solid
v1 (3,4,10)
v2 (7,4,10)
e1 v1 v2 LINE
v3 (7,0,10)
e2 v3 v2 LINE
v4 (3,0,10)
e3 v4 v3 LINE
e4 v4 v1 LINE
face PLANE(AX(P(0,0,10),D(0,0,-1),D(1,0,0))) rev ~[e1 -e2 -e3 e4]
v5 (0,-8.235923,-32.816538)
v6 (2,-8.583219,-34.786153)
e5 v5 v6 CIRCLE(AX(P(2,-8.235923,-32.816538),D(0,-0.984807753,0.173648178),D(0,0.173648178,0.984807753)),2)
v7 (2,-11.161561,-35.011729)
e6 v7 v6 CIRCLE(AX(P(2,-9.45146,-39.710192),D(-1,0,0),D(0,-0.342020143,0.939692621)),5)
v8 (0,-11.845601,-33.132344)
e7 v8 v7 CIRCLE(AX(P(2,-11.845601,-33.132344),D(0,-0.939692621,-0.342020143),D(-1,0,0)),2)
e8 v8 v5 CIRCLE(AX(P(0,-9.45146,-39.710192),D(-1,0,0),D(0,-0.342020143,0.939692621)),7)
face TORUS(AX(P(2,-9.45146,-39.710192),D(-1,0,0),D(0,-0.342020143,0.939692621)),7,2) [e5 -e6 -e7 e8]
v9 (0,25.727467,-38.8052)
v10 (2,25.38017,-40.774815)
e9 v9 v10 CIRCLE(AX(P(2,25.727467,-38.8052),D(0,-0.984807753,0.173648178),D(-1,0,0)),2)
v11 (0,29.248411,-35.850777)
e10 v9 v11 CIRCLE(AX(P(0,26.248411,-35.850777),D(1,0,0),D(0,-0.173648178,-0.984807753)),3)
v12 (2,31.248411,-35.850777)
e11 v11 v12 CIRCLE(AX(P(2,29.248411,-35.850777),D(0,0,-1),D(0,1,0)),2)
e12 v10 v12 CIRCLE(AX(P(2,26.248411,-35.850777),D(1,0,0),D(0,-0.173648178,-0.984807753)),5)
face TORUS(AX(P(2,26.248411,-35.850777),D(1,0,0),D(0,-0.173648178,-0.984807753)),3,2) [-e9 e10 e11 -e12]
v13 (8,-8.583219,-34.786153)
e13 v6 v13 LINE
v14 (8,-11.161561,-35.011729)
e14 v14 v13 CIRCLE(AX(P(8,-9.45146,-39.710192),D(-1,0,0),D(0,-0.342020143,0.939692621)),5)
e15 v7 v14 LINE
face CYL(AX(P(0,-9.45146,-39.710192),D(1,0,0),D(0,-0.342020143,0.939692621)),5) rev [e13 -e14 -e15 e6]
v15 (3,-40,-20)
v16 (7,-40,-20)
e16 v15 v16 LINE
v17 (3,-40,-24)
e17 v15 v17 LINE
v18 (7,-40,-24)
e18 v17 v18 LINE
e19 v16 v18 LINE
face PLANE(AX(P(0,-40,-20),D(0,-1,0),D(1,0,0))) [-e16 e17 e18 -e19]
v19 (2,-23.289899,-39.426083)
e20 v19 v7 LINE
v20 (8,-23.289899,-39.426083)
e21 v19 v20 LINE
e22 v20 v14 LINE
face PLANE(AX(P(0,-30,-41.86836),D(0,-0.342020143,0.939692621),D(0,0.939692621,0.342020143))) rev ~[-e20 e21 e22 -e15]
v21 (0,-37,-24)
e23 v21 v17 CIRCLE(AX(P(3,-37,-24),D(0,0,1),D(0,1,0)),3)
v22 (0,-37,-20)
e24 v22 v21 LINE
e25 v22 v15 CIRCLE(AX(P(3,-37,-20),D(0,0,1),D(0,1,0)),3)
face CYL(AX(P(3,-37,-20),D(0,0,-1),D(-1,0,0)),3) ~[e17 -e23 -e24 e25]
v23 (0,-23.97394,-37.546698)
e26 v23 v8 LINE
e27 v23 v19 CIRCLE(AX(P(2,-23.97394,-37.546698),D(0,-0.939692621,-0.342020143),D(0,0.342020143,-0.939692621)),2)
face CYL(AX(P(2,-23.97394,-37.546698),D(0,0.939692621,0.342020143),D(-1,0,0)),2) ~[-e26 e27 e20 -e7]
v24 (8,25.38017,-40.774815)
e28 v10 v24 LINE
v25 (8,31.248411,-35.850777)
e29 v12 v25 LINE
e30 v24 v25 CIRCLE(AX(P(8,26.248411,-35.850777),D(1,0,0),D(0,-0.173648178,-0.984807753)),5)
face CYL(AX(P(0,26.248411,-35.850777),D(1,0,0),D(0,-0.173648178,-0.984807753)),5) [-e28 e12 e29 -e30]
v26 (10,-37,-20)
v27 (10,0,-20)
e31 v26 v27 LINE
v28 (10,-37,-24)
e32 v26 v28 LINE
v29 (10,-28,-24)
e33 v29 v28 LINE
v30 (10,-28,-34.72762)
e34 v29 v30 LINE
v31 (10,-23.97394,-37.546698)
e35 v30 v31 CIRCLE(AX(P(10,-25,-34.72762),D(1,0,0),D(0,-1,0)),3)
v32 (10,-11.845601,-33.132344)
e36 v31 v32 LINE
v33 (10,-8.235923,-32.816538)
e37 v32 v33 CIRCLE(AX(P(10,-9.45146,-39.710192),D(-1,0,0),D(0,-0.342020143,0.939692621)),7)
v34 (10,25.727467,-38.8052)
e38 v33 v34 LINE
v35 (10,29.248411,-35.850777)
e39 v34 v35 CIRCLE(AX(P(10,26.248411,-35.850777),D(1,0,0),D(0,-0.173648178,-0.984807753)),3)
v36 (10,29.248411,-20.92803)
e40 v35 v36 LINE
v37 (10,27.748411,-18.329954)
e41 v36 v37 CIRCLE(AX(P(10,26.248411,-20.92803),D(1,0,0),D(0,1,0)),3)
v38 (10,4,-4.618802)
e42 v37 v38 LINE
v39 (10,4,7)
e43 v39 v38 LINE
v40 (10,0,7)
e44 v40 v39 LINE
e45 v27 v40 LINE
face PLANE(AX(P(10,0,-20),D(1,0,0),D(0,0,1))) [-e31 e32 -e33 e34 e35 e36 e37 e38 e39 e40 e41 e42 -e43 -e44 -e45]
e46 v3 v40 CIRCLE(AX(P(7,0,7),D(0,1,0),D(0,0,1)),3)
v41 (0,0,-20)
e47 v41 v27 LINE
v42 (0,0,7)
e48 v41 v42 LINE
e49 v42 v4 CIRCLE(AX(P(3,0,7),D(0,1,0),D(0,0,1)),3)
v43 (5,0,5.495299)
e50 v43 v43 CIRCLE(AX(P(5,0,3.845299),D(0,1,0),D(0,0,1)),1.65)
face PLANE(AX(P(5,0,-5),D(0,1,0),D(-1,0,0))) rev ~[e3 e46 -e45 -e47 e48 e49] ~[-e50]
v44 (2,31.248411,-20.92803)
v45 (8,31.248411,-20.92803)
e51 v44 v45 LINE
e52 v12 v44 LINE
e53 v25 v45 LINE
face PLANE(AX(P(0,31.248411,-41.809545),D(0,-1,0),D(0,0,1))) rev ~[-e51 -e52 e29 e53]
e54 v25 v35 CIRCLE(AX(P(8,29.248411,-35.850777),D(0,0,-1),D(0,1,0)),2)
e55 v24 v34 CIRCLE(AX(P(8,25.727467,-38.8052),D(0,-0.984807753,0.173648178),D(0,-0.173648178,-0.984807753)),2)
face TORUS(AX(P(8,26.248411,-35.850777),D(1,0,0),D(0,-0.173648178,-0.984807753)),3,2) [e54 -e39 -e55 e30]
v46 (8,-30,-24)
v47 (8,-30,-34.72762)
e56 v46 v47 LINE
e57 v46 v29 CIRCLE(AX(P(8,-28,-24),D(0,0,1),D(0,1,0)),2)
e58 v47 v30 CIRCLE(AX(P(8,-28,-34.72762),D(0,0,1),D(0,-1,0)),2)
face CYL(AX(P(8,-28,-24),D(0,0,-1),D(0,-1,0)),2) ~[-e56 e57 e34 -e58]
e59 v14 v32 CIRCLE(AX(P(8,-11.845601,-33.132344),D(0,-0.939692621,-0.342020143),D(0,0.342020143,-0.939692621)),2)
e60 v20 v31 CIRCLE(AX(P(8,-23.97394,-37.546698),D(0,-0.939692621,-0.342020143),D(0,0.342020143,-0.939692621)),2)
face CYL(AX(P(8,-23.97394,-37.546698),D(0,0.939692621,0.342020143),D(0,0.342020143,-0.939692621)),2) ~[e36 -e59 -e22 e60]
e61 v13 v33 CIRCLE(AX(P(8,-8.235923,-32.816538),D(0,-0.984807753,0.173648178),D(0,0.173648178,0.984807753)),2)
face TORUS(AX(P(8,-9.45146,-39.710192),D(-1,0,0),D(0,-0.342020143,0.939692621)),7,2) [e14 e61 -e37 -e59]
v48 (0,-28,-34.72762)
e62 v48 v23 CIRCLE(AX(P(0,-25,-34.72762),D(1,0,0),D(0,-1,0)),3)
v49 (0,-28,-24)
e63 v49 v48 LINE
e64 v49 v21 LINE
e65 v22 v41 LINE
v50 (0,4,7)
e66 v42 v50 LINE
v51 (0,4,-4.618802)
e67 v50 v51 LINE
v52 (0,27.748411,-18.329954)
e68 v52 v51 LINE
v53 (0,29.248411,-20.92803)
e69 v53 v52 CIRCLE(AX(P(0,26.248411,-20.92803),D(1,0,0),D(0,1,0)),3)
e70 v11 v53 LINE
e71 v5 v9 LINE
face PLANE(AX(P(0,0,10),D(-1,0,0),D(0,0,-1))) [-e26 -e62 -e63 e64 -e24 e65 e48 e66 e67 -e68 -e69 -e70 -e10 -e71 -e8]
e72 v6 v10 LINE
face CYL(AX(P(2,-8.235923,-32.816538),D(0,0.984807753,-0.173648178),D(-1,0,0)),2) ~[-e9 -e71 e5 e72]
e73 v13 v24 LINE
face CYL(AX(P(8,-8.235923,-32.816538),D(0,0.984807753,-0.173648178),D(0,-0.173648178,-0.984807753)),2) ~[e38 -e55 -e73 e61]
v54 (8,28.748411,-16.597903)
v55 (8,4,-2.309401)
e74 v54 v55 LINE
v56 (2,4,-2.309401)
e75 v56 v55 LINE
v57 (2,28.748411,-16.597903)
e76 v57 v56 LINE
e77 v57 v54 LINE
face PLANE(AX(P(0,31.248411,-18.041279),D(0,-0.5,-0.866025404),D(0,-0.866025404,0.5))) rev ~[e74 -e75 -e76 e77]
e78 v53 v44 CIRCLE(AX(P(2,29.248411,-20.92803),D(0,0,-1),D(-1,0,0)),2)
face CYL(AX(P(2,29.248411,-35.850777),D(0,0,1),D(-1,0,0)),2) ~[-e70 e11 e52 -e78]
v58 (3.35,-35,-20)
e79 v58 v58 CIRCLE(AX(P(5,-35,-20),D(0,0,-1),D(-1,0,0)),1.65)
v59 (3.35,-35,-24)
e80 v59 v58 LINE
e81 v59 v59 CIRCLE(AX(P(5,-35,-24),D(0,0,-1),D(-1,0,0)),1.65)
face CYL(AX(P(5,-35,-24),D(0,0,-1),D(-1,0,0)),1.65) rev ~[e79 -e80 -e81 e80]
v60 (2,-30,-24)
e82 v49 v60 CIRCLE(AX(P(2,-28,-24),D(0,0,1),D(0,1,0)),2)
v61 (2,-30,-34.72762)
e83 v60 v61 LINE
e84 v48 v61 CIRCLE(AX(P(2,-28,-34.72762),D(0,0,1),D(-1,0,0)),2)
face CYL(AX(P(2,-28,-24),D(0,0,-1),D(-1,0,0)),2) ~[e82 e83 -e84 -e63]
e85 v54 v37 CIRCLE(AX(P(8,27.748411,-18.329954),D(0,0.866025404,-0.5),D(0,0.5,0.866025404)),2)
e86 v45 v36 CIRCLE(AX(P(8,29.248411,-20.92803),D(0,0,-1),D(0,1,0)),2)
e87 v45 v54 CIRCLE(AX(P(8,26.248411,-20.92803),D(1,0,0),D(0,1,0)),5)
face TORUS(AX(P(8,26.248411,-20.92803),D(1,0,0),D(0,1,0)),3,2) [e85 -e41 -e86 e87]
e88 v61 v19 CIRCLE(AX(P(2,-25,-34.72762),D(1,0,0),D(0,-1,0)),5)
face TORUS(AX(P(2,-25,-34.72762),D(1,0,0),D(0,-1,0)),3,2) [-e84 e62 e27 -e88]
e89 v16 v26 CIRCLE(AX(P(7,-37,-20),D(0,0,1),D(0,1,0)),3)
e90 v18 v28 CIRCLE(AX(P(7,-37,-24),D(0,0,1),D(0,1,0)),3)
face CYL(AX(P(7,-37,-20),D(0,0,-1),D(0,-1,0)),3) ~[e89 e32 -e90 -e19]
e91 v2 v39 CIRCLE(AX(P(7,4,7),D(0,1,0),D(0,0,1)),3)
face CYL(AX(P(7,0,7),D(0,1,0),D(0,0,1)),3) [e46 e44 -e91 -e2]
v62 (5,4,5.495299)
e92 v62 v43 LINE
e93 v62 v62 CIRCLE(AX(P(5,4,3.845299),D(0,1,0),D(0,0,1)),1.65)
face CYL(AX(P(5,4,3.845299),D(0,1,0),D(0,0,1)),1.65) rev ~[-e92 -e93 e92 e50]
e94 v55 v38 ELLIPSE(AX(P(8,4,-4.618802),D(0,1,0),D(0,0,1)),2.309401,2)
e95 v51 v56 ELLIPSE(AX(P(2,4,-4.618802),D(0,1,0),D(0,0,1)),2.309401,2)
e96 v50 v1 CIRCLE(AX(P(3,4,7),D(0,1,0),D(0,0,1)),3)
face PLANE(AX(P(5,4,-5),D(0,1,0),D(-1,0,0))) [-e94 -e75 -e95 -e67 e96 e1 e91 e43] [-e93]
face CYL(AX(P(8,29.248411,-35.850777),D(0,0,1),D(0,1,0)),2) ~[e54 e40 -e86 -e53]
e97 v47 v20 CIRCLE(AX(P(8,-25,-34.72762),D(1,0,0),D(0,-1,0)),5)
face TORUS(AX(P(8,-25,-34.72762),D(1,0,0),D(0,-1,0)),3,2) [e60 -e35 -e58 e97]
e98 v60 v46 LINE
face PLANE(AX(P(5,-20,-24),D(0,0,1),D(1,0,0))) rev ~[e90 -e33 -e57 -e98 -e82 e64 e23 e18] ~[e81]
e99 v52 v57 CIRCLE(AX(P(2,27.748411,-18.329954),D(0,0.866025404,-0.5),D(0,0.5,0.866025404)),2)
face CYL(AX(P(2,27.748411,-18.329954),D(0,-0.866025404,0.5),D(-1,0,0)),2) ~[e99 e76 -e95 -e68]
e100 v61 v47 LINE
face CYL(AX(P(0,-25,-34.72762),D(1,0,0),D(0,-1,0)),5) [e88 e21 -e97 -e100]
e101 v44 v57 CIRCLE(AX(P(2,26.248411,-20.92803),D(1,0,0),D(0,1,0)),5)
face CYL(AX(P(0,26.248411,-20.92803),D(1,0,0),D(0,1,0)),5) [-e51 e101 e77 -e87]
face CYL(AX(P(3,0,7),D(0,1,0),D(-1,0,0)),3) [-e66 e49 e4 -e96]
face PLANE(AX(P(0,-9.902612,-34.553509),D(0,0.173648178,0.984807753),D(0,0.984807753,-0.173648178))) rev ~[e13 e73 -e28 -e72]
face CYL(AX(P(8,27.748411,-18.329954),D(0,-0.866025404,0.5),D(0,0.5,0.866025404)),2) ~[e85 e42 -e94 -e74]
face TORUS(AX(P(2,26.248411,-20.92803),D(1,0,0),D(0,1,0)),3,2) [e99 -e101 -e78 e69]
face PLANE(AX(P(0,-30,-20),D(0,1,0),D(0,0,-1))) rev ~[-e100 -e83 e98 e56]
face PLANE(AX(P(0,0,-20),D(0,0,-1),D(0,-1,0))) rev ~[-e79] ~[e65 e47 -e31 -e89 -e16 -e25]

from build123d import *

# Parameters (mm, degrees)
BOSS_EXTRUDE1_DEPTH = 10
FILLET1_R           = 5
BOSS_EXTRUDE2_DEPTH = 4
SKETCH3_R           = 1.65
CUT_EXTRUDE1_DEPTH  = 55.081290223
BOSS_EXTRUDE3_DEPTH = 4
SKETCH5_R           = 1.65
CUT_EXTRUDE2_DEPTH  = 54.441556864
FILLET2_R           = 3
FILLET3_R           = 2


with BuildPart() as part:
    # Sketch1 → Boss-Extrude1 (new body)
    with BuildSketch(Plane(origin=(0, 0, 0), x_dir=(0, 0, -1), z_dir=(1, 0, 0))):
        Polygon((0, 0), (20, 0), (20, -30), (41.868360094, -30), (34.553508963, -9.90261169), (41.809544604, 31.248411326), (18.041278691, 31.248411326), align=None)
    extrude(amount=BOSS_EXTRUDE1_DEPTH)

    # Fillet1
    fillet1_edges = [part.edges().sort_by_distance(p)[0] for p in [
        (5, 31.248411326, -18.041278691),
        (5, 31.248411326, -41.809544604),
        (5, -9.90261169, -34.553508963),
        (5, -30, -41.868360094),
    ]]
    fillet(fillet1_edges, radius=FILLET1_R)

    # Sketch2 → Boss-Extrude2 (add)
    with BuildSketch(Plane.XZ):
        Polygon((0, -20), (0, 0), (0, 10), (10, 10), (10, 0), (10, -20), align=None)
    extrude(amount=-BOSS_EXTRUDE2_DEPTH)

    # Sketch3 → Cut-Extrude1 (cut, through all)
    with BuildSketch(Plane(origin=(0, 4, 0), x_dir=(1, 0, 0), z_dir=(0, 1, 0))):
        with Locations(Location((5, -3.845299462, 0), (0, 0, 270))):
            Circle(SKETCH3_R)
    extrude(amount=-CUT_EXTRUDE1_DEPTH, mode=Mode.SUBTRACT)

    # Sketch4 → Boss-Extrude3 (add)
    with BuildSketch(Plane.XY.offset(-20)):
        Polygon((0, 0), (0, -30), (0, -40), (10, -40), (10, -30), (10, 0), align=None)
    extrude(amount=-BOSS_EXTRUDE3_DEPTH)

    # Sketch5 → Cut-Extrude2 (cut, through all)
    with BuildSketch(Plane(origin=(0, 0, -24), x_dir=(-1, 0, 0), z_dir=(0, 0, -1))):
        with Locations((-5, -35)):
            Circle(SKETCH5_R)
    extrude(amount=-CUT_EXTRUDE2_DEPTH, mode=Mode.SUBTRACT)

    # Fillet2
    fillet2_edges = [part.edges().sort_by_distance(p)[0] for p in [
        (10, 2, 10),
        (0, 2, 10),
        (0, -40, -22),
        (10, -40, -22),
    ]]
    fillet(fillet2_edges, radius=FILLET2_R)

    # Fillet3
    fillet3_edges = [part.edges().sort_by_distance(p)[0] for p in [
        (0, -17.225730184, -37.218906116),
        (10, -17.225730184, -37.218906116),
        (0, 16.374205663, -9.453652047),
        (0, 31.248411326, -28.389403339),
        (0, 8.398475479, -37.780484407),
        (0, 30.578538345, -18.428030037),
        (0, 29.462349374, -39.680998857),
        (0, -27.867882182, -38.823380282),
        (10, 16.374205663, -9.453652047),
        (10, 8.398475479, -37.780484407),
        (10, 31.248411326, -28.389403339),
        (10, 30.578538345, -18.428030037),
        (10, 29.462349374, -39.680998857),
        (10, -27.867882182, -38.823380282),
        (0, -9.887239081, -34.729218682),
        (10, -9.887239081, -34.729218682),
        (0, -30, -29.36381003),
        (10, -30, -29.36381003),
    ]]
    fillet(fillet3_edges, radius=FILLET3_R)


solid = part.part
